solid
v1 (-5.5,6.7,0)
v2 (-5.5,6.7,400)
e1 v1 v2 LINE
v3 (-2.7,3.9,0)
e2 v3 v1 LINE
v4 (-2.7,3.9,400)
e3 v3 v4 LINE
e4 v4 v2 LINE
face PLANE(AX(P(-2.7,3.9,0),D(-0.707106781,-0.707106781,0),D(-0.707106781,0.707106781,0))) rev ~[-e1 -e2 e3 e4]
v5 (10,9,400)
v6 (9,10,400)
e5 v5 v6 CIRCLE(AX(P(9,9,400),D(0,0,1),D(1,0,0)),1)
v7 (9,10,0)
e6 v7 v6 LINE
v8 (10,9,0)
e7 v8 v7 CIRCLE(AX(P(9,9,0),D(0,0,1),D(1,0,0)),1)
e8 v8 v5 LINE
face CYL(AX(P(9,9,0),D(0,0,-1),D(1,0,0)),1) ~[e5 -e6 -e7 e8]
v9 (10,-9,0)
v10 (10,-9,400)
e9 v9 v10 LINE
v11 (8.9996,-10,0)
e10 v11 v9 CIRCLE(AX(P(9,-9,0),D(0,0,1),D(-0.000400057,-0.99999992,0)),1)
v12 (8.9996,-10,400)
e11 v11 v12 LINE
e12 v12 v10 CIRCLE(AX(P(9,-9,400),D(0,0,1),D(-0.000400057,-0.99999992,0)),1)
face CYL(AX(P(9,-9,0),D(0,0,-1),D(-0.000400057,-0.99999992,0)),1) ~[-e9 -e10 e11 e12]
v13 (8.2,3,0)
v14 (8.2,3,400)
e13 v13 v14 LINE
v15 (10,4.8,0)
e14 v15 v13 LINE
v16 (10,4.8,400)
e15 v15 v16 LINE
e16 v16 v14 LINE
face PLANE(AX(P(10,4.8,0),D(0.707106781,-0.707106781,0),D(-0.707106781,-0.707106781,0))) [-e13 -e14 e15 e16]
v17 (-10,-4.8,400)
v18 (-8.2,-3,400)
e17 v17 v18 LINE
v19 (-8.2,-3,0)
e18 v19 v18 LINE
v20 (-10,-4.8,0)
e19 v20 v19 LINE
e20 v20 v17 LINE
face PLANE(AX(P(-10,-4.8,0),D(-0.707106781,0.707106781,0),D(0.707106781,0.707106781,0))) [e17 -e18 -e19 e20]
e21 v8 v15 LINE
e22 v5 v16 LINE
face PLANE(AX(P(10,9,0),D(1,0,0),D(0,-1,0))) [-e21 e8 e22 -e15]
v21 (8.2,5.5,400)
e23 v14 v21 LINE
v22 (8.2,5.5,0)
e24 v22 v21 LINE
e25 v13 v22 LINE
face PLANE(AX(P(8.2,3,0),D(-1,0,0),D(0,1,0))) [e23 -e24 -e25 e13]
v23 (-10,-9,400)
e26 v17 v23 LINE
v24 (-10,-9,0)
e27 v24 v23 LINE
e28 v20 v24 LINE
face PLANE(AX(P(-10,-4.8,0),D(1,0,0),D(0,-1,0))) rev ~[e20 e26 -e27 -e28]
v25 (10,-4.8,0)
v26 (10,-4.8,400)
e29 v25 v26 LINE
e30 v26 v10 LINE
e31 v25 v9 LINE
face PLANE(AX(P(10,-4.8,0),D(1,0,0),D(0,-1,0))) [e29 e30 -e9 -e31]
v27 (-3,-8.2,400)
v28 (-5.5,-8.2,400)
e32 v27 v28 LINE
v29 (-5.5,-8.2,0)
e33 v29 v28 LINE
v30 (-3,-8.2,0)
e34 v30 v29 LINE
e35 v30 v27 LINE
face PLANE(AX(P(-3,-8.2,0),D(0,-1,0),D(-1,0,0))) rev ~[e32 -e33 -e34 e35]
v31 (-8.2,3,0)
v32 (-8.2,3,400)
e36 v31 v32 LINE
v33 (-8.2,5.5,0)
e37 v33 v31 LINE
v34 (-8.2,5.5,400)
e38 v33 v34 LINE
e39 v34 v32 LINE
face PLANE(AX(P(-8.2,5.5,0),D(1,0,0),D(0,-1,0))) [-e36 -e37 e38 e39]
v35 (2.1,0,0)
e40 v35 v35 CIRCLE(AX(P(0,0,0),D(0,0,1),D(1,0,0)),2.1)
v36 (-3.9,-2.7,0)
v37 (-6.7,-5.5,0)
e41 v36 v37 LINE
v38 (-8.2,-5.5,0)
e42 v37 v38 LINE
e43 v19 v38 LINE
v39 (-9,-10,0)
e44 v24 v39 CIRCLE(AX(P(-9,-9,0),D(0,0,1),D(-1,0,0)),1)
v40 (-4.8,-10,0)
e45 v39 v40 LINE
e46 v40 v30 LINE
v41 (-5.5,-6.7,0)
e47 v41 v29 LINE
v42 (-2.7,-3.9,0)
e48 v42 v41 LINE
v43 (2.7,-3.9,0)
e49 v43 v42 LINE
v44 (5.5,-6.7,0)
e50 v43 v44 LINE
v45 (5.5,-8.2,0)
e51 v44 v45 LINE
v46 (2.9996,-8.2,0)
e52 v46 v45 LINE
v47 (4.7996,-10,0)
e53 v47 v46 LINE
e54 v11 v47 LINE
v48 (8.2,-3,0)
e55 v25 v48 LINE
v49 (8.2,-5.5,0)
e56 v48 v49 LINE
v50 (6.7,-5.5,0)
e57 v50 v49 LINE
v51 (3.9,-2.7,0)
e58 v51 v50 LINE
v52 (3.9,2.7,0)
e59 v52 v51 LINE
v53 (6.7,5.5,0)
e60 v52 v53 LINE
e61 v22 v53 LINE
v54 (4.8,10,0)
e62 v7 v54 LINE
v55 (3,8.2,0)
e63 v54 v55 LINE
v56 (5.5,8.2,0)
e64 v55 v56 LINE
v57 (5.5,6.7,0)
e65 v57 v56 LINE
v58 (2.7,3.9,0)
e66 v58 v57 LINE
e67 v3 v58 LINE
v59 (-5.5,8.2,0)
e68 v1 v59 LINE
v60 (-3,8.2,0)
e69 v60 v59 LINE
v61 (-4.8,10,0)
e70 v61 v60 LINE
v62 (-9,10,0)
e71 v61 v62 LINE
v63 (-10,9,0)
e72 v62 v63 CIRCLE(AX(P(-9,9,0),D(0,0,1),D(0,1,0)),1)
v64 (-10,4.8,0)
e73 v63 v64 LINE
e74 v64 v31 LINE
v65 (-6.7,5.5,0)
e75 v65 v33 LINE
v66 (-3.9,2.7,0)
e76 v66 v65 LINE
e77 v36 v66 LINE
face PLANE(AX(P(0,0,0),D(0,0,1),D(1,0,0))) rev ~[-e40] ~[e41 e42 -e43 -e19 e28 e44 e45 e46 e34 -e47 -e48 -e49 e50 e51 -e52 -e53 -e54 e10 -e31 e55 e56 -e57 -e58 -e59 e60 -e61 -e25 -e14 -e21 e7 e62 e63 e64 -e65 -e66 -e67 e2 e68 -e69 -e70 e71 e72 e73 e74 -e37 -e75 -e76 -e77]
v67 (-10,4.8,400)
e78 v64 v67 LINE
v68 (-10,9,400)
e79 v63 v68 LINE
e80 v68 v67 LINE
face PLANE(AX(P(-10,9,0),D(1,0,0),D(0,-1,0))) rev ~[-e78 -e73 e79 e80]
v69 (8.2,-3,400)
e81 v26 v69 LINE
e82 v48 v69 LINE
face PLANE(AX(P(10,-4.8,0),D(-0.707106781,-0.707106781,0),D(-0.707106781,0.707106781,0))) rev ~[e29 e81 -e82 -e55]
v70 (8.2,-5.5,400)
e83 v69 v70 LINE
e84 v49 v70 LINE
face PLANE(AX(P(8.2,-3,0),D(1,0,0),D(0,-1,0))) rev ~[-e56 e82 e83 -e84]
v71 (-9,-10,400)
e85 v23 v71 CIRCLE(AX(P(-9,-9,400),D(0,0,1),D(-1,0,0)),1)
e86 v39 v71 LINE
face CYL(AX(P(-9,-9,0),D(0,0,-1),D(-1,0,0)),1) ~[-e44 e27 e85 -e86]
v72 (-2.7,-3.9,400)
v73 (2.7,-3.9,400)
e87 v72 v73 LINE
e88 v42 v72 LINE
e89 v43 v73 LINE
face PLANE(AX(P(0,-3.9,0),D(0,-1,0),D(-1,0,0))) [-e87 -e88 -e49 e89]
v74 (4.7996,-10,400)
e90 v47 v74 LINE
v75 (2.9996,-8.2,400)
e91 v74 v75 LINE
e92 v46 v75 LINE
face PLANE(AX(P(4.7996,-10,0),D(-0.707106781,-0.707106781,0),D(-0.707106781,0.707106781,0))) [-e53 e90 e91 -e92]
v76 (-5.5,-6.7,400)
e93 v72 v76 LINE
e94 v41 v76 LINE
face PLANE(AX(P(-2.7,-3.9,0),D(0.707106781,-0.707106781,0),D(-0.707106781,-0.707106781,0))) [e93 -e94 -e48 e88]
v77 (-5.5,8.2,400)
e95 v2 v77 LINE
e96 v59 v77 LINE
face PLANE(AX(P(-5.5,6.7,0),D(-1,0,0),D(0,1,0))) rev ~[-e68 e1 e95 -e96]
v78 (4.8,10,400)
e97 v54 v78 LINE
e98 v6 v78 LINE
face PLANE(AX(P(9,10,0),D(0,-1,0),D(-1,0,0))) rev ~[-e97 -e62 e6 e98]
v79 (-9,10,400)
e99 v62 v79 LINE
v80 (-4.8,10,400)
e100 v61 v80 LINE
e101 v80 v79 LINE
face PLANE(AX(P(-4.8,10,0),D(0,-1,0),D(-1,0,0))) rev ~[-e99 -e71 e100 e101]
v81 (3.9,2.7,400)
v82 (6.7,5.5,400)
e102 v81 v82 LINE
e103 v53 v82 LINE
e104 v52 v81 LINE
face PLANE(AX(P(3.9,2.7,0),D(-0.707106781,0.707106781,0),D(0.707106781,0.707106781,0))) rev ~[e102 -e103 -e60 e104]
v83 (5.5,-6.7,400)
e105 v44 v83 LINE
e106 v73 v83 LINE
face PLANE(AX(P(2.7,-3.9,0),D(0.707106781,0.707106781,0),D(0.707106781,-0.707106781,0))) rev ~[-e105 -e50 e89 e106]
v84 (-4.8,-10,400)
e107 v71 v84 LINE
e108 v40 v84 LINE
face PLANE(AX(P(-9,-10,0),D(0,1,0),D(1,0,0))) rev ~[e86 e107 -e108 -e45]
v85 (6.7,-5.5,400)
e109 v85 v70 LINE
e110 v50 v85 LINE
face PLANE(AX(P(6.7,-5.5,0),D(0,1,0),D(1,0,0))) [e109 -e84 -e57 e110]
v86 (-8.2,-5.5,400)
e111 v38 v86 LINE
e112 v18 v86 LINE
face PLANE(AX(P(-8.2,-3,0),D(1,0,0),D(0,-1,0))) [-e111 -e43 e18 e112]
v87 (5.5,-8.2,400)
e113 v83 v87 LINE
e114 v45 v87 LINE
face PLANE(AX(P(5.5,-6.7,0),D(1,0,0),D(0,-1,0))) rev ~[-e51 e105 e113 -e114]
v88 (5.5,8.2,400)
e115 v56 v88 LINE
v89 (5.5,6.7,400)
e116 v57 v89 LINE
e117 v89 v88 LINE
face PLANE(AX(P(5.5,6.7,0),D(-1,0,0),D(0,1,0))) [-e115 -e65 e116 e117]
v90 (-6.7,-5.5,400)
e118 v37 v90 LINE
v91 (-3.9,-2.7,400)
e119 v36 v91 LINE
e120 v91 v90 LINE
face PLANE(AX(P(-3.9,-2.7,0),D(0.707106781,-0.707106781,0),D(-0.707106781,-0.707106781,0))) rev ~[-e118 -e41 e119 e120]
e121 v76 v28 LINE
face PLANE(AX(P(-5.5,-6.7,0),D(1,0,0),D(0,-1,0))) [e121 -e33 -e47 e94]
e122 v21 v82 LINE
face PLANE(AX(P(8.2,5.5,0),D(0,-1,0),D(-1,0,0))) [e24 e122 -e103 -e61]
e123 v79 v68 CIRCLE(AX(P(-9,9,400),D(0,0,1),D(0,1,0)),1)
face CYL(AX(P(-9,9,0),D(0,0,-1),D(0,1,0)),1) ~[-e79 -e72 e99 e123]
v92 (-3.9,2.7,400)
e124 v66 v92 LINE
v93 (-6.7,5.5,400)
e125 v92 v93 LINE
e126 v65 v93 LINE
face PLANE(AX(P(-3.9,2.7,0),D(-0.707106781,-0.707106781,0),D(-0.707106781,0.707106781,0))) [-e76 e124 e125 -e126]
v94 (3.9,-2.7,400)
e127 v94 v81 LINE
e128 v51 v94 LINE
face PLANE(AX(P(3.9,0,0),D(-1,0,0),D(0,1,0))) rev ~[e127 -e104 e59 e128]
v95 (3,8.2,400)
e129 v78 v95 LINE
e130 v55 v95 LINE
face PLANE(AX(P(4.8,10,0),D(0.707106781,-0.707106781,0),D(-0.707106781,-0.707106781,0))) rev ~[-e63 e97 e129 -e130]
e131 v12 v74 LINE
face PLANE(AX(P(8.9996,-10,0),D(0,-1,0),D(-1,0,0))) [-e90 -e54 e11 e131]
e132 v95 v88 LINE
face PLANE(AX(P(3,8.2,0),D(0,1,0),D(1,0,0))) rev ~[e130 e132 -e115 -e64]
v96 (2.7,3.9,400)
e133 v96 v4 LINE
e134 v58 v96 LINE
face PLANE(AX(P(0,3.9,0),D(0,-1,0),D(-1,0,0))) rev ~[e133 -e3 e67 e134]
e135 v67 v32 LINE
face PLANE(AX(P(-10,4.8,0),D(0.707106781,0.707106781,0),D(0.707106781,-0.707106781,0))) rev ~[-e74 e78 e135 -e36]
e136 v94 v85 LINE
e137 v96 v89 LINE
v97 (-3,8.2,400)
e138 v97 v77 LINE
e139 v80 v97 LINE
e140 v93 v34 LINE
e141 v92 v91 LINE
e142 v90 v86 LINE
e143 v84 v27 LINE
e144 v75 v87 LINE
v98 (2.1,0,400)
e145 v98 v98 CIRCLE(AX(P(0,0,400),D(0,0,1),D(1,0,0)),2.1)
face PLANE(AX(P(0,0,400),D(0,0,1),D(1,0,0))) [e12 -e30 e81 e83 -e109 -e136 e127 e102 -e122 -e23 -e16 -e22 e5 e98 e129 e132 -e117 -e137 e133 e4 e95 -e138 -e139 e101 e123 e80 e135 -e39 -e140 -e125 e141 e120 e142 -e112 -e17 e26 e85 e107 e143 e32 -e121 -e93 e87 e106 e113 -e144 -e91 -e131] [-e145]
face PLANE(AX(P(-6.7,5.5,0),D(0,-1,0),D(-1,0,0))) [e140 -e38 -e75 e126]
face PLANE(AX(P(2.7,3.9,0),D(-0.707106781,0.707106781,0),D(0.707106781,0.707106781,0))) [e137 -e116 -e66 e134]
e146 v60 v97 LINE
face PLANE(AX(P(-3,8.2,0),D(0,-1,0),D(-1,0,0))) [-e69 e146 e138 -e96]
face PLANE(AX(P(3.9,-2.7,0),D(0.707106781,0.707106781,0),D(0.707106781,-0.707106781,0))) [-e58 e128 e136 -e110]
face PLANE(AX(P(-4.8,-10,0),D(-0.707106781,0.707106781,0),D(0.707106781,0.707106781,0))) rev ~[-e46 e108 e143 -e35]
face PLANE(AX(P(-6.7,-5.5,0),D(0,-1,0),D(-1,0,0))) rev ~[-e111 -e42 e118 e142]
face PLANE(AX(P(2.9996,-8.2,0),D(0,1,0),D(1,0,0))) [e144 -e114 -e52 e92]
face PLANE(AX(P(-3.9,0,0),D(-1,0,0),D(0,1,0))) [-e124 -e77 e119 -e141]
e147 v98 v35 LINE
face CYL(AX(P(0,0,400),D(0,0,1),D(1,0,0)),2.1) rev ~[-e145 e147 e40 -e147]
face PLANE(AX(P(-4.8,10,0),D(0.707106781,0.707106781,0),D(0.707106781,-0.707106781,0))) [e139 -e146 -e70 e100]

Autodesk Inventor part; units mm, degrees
ref_plane "YZ Plane" through (0, 0, 0) normal (1, 0, 0) x (0, 1, 0)
ref_plane "XZ Plane" through (0, 0, 0) normal (0, 1, 0) x (-1, 0, 0)
ref_plane "XY Plane" through (0, 0, 0) normal (0, 0, 1) x (1, 0, 0)
sketch "Эскиз1" plane through (0, 0, 0) normal (0, 0, 1) x (1, 0, 0)
  line L0 (-4.8, 10) -> (-3, 8.2)
  line L1 (-4.8, 10) -> (-2.2544, 10) construction
  line L2 (4.8, 10) -> (3, 8.2)
  line L3 (4.8, 10) -> (7.3456, 10) construction
  line L4 (10, 4.8) -> (8.2, 3)
  arc A0 (-9, 10) -> (-10, 9) centre (-9, 9) ccw
  arc A1 (10, 9) -> (9, 10) centre (9, 9) ccw
  arc A2 (-10, -9) -> (-9, -10) centre (-9, -9) ccw
  arc A3 (8.9996, -10) -> (10, -9) centre (9, -9) ccw
  line L5 (0, 3.9) -> (-2.7, 3.9)
  line L6 (0, 3.9) -> (2.7, 3.9)
  line L7 (3, 8.2) -> (5.5, 8.2)
  line L8 (2.7, 3.9) -> (5.5, 6.7)
  line L9 (5.5, 6.7) -> (5.5, 8.2)
  line L10 (3.9, 0) -> (3.9, 2.7)
  line L11 (3.9, 0) -> (3.9, -2.7)
  line L12 (3.9, 2.7) -> (6.7, 5.5)
  line L13 (3.9, 2.7) -> (7.8598, 2.7) construction
  line L14 (9, 10) -> (4.8, 10)
  line L15 (-4.8, 10) -> (-9, 10)
  line L16 (0, -3.9) -> (-2.7, -3.9)
  line L17 (0, -3.9) -> (2.7, -3.9)
  line L18 (-3.9, 0) -> (-3.9, -2.7)
  line L19 (-3.9, 0) -> (-3.9, 2.7)
  line L20 (8.2, 3) -> (8.2, 5.5)
  line L21 (8.2, 5.5) -> (6.7, 5.5)
  line L22 (-10, -4.8) -> (-7.4544, -4.8) construction
  line L23 (-4.8, -10) -> (-3, -8.2)
  line L24 (-4.8, -10) -> (-2.2544, -10) construction
  line L25 (4.7996, -10) -> (2.9996, -8.2)
  line L26 (4.7996, -10) -> (7.3452, -10) construction
  line L27 (10, -4.8) -> (8.2, -3)
  line L28 (8.9996, -10) -> (4.7996, -10)
  line L29 (-9, -10) -> (-4.8, -10)
  line L30 (10, -4.8) -> (10, -9)
  line L31 (10, 9) -> (10, 4.8)
  line L32 (-10, -4.8) -> (-10, -9)
  line L33 (-3, 8.2) -> (-5.5, 8.2)
  line L34 (-2.7, 3.9) -> (-5.5, 6.7)
  line L35 (-2.7, 3.9) -> (1.2598, 3.9) construction
  line L36 (-5.5, 6.7) -> (-5.5, 8.2)
  line L37 (-3.9, 2.7) -> (-6.7, 5.5)
  line L38 (-6.7, 5.5) -> (-8.2, 5.5)
  line L39 (-8.2, -3) -> (-8.2, -5.5)
  line L40 (-3, -8.2) -> (-5.5, -8.2)
  line L41 (2.9996, -8.2) -> (5.5, -8.2)
  line L42 (8.2, -3) -> (8.2, -5.5)
  line L43 (-3.9, -2.7) -> (-6.7, -5.5)
  line L44 (-6.7, -5.5) -> (-8.2, -5.5)
  line L45 (-2.7, -3.9) -> (-5.5, -6.7)
  line L46 (-5.5, -6.7) -> (-5.5, -8.2)
  line L47 (-10, 9) -> (-10, 4.8)
  line L48 (-10, 4.8) -> (-8.2, 3)
  line L49 (-8.2, 5.5) -> (-8.2, 3)
  line L50 (-10, -4.8) -> (-8.2, -3)
  line L51 (2.7, -3.9) -> (5.5, -6.7)
  line L52 (5.5, -6.7) -> (5.5, -8.2)
  line L53 (3.9, -2.7) -> (6.7, -5.5)
  line L54 (6.7, -5.5) -> (8.2, -5.5)
  point P0 (0, 0)
  dimension "d16" = 45
  dimension "d17" = 135
  dimension "d25" = 6
  dimension "d29" = 1
  dimension "d30" = 1
  dimension "d31" = 2.7
  dimension "d32" = 2.7
  dimension "d34" = 2.5
  dimension "d36" = 2.7
  dimension "d37" = 2.7
  dimension "d38" = 3.9
  dimension "d39" = 45
  dimension "d42" = 2.7
  dimension "d43" = 2.7
  dimension "d44" = 3.9
  dimension "d45" = 2.7
  dimension "d46" = 2.7
  dimension "d48" = 10
  dimension "d49" = 10
  dimension "d55" = 4.5
  dimension "d58" = 9
  dimension "d59" = 9
  dimension "d60" = 2.5
  dimension "d61" = 2.8
  dimension "d63" = 1.6971
  dimension "d65" = 45
  dimension "d67" = 135
  dimension "d73" = 10
  dimension "d74" = 10
  dimension "d77" = 18
  dimension "d78" = 18
  dimension "d79" = 135
  dimension "d80" = 135
  dimension "d81" = 4.5
  dimension "d82" = 1.8
  dimension "d83" = 1.8
  dimension "d84" = 1
  dimension "d85" = 1
  dimension "d87" = 4.5
  dimension "d89" = 1.8
  dimension "d91" = 135
  dimension "d92" = 1.6971
  dimension "d94" = 4.5
  dimension "d95" = 1.8
  dimension "d96" = 4.5
  dimension "d97" = 1.8
  dimension "d98" = 4.5
  dimension "d99" = 1.8
  dimension "d100" = 1.8
  dimension "d107" = 4.2
  dimension "d108" = 10
  dimension "d109" = 4.5
  dimension "d110" = 1.8
  dimension "d111" = 135
  dimension "d112" = 4.2
  dimension "d113" = 4.2
  dimension "d114" = 6
  dimension "d115" = 135
  dimension "d116" = 1.6971
  dimension "d117" = 4.2
  dimension "d118" = 4.2
  dimension "d119" = 4.5
  dimension "d120" = 135
  dimension "d121" = 1.5
extrude "Выдавливание2" add sketch "Эскиз1" along normal blind 400
sketch "Эскиз2" plane through (0, 0, 400) normal (0, 0, 1) x (1, 0, 0)
  circle A0 centre (0, 0) radius 2.1
  dimension "d131" = 4.2
extrude "Выдавливание3" cut sketch "Эскиз2" against normal through all
properties part number "Профиль_аллюминиевый"
